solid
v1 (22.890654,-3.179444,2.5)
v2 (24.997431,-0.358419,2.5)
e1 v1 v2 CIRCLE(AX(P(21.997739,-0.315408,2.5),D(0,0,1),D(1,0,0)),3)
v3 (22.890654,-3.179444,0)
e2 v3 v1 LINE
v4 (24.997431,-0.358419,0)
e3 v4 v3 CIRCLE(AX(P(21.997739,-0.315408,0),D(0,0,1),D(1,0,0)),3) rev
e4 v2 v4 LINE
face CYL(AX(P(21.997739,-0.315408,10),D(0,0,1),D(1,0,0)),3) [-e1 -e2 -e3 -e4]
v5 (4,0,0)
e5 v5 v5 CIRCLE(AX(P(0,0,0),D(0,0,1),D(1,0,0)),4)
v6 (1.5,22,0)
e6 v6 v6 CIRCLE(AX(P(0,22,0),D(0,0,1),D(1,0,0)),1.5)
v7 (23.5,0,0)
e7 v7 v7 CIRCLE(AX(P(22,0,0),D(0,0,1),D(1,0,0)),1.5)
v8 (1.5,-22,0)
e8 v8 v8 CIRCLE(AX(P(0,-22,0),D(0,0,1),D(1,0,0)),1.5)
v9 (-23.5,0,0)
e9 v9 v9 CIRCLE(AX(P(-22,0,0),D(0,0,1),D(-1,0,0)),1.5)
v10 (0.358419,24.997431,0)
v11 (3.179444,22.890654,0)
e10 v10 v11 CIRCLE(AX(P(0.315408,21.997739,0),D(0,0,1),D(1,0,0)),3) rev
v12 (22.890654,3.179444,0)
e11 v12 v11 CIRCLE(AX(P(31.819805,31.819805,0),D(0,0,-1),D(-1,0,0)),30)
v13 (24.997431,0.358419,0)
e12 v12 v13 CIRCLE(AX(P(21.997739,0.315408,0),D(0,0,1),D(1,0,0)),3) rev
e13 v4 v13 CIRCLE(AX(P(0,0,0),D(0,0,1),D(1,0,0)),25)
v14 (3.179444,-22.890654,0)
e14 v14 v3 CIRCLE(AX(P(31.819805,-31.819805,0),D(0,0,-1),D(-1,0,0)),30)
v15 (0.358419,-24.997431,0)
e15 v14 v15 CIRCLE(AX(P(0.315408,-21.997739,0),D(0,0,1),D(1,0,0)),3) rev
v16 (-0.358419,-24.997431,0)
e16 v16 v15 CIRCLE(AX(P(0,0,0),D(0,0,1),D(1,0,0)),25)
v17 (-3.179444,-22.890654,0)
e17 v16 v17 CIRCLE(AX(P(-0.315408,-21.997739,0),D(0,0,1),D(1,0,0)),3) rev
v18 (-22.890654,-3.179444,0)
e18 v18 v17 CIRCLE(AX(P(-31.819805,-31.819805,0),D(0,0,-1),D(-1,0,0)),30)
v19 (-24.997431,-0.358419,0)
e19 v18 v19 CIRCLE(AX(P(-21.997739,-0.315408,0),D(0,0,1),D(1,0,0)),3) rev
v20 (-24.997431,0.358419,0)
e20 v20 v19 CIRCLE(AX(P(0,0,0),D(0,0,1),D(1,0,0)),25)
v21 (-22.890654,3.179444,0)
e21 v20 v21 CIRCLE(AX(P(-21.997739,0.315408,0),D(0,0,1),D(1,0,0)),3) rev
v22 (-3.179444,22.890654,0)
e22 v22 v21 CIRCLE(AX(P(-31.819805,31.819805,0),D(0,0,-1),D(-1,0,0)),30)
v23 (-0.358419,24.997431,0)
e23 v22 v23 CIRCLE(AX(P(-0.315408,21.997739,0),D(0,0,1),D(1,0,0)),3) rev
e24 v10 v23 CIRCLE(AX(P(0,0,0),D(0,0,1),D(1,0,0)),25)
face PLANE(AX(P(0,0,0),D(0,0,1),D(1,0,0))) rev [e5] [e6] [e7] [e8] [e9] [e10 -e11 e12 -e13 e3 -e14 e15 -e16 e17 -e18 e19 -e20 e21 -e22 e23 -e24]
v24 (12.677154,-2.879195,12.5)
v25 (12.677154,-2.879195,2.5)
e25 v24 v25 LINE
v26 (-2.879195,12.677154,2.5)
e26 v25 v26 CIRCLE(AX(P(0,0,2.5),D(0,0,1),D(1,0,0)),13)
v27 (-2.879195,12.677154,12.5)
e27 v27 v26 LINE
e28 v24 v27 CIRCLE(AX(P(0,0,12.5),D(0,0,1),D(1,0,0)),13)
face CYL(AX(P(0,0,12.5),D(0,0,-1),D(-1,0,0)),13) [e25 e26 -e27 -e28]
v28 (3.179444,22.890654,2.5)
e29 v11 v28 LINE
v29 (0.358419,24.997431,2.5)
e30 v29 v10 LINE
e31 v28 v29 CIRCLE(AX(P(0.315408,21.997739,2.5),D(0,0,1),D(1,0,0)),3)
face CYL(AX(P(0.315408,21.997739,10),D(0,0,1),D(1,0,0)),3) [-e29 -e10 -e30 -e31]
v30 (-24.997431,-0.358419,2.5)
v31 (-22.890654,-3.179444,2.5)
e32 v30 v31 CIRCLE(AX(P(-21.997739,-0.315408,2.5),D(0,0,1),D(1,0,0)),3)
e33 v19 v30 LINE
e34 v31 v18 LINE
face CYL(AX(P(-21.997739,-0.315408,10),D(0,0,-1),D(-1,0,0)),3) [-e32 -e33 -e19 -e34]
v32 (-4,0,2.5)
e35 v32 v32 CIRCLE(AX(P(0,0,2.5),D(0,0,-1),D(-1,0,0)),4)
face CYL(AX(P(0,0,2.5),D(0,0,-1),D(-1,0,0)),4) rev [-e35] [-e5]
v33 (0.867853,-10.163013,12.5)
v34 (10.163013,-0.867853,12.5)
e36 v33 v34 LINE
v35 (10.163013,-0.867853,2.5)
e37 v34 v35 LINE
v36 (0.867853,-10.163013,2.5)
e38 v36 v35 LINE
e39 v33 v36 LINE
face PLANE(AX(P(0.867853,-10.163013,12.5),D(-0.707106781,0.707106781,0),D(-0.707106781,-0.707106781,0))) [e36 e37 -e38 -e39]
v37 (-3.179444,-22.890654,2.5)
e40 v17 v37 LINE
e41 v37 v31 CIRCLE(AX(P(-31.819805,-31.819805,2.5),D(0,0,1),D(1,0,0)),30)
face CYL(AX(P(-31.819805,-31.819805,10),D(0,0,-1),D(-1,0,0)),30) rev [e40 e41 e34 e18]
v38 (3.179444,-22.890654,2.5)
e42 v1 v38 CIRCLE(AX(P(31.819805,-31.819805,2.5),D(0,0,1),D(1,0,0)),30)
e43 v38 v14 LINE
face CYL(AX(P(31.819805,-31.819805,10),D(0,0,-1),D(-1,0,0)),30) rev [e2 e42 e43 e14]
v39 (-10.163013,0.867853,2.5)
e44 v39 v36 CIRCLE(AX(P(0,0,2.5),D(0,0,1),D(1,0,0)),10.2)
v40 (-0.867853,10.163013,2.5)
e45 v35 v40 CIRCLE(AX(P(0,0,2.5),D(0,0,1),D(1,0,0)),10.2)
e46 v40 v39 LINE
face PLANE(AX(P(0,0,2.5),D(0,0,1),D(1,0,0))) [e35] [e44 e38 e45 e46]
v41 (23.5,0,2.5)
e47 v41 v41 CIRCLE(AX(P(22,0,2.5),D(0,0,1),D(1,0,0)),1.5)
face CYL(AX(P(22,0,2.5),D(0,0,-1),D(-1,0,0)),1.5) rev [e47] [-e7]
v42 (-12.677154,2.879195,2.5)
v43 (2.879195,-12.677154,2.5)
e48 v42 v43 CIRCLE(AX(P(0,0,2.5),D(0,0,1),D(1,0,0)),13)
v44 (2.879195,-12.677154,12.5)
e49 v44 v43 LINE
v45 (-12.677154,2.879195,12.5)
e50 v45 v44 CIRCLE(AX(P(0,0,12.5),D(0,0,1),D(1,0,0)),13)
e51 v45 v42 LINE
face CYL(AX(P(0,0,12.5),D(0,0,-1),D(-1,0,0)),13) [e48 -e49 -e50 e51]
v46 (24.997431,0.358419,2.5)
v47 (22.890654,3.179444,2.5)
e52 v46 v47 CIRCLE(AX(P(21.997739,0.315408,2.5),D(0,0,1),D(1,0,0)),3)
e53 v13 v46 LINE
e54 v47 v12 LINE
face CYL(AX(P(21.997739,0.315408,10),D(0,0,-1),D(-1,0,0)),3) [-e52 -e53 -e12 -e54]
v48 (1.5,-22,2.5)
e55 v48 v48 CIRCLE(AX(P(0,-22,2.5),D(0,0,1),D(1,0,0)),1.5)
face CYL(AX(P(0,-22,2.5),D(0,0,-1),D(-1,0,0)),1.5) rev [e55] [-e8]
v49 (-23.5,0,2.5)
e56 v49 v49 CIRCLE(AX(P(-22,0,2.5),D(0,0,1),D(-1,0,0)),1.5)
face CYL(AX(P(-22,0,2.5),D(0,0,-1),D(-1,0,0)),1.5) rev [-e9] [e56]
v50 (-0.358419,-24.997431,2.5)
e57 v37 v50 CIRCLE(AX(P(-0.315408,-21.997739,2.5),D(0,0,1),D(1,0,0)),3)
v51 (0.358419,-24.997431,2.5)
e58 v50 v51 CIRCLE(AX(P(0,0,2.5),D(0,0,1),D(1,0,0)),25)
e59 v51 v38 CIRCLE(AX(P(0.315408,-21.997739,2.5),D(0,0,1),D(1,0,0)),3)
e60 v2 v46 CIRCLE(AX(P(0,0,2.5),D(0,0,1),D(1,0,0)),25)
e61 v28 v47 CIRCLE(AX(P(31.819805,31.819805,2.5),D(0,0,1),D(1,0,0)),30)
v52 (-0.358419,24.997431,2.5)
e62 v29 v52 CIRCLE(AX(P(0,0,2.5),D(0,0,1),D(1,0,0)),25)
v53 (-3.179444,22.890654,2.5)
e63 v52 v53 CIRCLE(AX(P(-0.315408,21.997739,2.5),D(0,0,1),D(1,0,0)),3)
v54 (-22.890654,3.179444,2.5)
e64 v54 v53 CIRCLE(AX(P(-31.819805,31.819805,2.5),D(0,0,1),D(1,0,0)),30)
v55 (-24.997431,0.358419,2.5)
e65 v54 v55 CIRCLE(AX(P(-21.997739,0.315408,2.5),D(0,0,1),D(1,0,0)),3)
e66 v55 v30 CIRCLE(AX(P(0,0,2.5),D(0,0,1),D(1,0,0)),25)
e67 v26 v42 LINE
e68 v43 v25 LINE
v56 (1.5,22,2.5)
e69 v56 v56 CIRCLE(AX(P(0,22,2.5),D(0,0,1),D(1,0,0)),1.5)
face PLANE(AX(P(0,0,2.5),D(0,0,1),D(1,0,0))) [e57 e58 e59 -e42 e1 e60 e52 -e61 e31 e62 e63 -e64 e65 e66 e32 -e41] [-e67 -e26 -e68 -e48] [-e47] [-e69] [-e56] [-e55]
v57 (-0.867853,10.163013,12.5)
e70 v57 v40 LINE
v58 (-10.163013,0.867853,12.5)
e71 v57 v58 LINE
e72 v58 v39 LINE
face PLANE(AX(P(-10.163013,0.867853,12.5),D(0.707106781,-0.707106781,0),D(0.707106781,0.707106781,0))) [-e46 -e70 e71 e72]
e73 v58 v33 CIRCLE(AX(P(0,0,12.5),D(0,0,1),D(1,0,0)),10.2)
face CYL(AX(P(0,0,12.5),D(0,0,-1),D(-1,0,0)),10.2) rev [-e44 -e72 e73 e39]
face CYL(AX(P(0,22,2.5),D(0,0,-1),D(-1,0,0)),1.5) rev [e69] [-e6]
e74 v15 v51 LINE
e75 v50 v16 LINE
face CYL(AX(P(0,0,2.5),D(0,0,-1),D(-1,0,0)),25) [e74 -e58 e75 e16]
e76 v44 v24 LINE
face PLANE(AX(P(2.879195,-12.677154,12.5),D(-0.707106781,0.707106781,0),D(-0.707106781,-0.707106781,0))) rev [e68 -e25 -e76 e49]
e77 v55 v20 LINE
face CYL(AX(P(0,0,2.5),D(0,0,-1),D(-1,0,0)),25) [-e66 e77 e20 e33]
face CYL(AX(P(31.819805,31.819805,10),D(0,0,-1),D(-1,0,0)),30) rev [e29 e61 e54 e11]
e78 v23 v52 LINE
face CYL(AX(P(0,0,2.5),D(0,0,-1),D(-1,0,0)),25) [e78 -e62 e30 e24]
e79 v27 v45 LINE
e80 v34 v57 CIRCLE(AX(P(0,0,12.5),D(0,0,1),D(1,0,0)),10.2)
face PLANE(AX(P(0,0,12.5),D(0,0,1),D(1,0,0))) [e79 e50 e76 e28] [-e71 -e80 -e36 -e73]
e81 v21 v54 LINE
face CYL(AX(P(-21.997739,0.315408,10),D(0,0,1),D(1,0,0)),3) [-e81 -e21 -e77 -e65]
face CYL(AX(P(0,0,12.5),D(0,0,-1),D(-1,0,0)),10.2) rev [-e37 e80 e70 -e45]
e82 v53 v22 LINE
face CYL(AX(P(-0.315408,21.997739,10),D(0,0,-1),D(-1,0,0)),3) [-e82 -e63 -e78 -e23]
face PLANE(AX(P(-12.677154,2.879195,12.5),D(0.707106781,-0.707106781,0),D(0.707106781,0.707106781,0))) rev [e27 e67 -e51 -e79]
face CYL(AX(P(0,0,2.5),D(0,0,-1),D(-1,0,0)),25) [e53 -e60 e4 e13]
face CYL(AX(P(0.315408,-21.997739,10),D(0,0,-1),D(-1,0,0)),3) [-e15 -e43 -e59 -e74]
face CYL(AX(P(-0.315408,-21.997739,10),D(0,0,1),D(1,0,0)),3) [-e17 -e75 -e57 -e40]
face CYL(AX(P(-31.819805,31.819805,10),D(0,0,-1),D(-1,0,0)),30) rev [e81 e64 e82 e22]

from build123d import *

# Parameters (mm, degrees)
SKETCH_1_R               = 25
SKETCH_1_R_2             = 1.5
EXTRUDE_1_DEPTH          = 2.5
CUT_EXTRUDE_2_DEPTH      = 36.443617197
CUT_EXTRUDE_2_DEPTH_BACK = 36.443617197
SKETCH_3_R               = 4
CUT_EXTRUDE_5_DEPTH      = 10
FILLET_2_R               = 3
EXTRUDE_2_DEPTH          = 10


with BuildPart() as part:
    # 草图1 → 凸台-拉伸1 (new body)
    with BuildSketch(Plane.XY):
        Circle(SKETCH_1_R)
        with Locations((0, 22)):
            Circle(SKETCH_1_R_2, mode=Mode.SUBTRACT)
        with Locations((22, 0)):
            Circle(SKETCH_1_R_2, mode=Mode.SUBTRACT)
        with Locations((0, -22)):
            Circle(SKETCH_1_R_2, mode=Mode.SUBTRACT)
        with Locations(Location((-22, 0, 0), (0, 0, 180))):
            Circle(SKETCH_1_R_2, mode=Mode.SUBTRACT)
    extrude(amount=EXTRUDE_1_DEPTH)

    # 草图3 → 切除-拉伸2 (cut, two sides: drawn at the far end of the back side and taken through both)
    with BuildSketch(Plane(origin=(0, 0, 0), x_dir=(-1, 0, 0), z_dir=(0, 0, -1)).offset(-CUT_EXTRUDE_2_DEPTH_BACK)):
        Circle(SKETCH_3_R)
    extrude(amount=CUT_EXTRUDE_2_DEPTH + CUT_EXTRUDE_2_DEPTH_BACK, mode=Mode.SUBTRACT)

    # 草图5 → 切除-拉伸5 (cut)
    with BuildSketch(Plane(origin=(0, 0, 0), x_dir=(-1, 0, 0), z_dir=(0, 0, -1))):
        with BuildLine():
            ThreePointArc((-2.638187412, 24.860409634), (-17.67766953, 17.67766953), (-24.860409634, 2.638187412))
            ThreePointArc((-24.860409634, 2.638187412), (-10.606601718, 10.606601718), (-2.638187412, 24.860409634))
        make_face()
        with BuildLine():
            ThreePointArc((-2.638187412, -24.860409634), (-10.606601718, -10.606601718), (-24.860409634, -2.638187412))
            ThreePointArc((-24.860409634, -2.638187412), (-17.67766953, -17.67766953), (-2.638187412, -24.860409634))
        make_face()
        with BuildLine():
            ThreePointArc((24.860409634, -2.638187412), (10.606601718, -10.606601718), (2.638187412, -24.860409634))
            ThreePointArc((2.638187412, -24.860409634), (17.67766953, -17.67766953), (24.860409634, -2.638187412))
        make_face()
        with BuildLine():
            ThreePointArc((24.860409634, 2.638187412), (17.67766953, 17.67766953), (2.638187412, 24.860409634))
            ThreePointArc((2.638187412, 24.860409634), (10.606601718, 10.606601718), (24.860409634, 2.638187412))
        make_face()
    extrude(amount=-CUT_EXTRUDE_5_DEPTH, mode=Mode.SUBTRACT)

    # 圆角2
    fillet_2_edges = [part.edges().sort_by_distance(p)[0] for p in [
        (2.638187412, 24.860409634, 1.25),
        (24.860409634, 2.638187412, 1.25),
        (24.860409634, -2.638187412, 1.25),
        (2.638187412, -24.860409634, 1.25),
        (-2.638187412, -24.860409634, 1.25),
        (-24.860409634, -2.638187412, 1.25),
        (-24.860409634, 2.638187412, 1.25),
        (-2.638187412, 24.860409634, 1.25),
    ]]
    fillet(fillet_2_edges, radius=FILLET_2_R)

    # 草图6 → 凸台-拉伸2 (add)
    with BuildSketch(Plane.XY.offset(2.5)):
        with BuildLine():
            Line((-12.677154079, 2.879195107), (-2.879195107, 12.677154079))
            ThreePointArc((-2.879195107, 12.677154079), (9.192388155, 9.192388155), (12.677154079, -2.879195107))
            Line((12.677154079, -2.879195107), (2.879195107, -12.677154079))
            ThreePointArc((2.879195107, -12.677154079), (-9.192388155, -9.192388155), (-12.677154079, 2.879195107))
        make_face()
        with BuildLine():
            Line((-10.163012909, 0.867852878), (-0.867852878, 10.163012909))
            ThreePointArc((-0.867852878, 10.163012909), (7.212489168, 7.212489168), (10.163012909, -0.867852878))
            Line((10.163012909, -0.867852878), (0.867852878, -10.163012909))
            ThreePointArc((0.867852878, -10.163012909), (-7.212489168, -7.212489168), (-10.163012909, 0.867852878))
        make_face(mode=Mode.SUBTRACT)
    extrude(amount=EXTRUDE_2_DEPTH)


solid = part.part
